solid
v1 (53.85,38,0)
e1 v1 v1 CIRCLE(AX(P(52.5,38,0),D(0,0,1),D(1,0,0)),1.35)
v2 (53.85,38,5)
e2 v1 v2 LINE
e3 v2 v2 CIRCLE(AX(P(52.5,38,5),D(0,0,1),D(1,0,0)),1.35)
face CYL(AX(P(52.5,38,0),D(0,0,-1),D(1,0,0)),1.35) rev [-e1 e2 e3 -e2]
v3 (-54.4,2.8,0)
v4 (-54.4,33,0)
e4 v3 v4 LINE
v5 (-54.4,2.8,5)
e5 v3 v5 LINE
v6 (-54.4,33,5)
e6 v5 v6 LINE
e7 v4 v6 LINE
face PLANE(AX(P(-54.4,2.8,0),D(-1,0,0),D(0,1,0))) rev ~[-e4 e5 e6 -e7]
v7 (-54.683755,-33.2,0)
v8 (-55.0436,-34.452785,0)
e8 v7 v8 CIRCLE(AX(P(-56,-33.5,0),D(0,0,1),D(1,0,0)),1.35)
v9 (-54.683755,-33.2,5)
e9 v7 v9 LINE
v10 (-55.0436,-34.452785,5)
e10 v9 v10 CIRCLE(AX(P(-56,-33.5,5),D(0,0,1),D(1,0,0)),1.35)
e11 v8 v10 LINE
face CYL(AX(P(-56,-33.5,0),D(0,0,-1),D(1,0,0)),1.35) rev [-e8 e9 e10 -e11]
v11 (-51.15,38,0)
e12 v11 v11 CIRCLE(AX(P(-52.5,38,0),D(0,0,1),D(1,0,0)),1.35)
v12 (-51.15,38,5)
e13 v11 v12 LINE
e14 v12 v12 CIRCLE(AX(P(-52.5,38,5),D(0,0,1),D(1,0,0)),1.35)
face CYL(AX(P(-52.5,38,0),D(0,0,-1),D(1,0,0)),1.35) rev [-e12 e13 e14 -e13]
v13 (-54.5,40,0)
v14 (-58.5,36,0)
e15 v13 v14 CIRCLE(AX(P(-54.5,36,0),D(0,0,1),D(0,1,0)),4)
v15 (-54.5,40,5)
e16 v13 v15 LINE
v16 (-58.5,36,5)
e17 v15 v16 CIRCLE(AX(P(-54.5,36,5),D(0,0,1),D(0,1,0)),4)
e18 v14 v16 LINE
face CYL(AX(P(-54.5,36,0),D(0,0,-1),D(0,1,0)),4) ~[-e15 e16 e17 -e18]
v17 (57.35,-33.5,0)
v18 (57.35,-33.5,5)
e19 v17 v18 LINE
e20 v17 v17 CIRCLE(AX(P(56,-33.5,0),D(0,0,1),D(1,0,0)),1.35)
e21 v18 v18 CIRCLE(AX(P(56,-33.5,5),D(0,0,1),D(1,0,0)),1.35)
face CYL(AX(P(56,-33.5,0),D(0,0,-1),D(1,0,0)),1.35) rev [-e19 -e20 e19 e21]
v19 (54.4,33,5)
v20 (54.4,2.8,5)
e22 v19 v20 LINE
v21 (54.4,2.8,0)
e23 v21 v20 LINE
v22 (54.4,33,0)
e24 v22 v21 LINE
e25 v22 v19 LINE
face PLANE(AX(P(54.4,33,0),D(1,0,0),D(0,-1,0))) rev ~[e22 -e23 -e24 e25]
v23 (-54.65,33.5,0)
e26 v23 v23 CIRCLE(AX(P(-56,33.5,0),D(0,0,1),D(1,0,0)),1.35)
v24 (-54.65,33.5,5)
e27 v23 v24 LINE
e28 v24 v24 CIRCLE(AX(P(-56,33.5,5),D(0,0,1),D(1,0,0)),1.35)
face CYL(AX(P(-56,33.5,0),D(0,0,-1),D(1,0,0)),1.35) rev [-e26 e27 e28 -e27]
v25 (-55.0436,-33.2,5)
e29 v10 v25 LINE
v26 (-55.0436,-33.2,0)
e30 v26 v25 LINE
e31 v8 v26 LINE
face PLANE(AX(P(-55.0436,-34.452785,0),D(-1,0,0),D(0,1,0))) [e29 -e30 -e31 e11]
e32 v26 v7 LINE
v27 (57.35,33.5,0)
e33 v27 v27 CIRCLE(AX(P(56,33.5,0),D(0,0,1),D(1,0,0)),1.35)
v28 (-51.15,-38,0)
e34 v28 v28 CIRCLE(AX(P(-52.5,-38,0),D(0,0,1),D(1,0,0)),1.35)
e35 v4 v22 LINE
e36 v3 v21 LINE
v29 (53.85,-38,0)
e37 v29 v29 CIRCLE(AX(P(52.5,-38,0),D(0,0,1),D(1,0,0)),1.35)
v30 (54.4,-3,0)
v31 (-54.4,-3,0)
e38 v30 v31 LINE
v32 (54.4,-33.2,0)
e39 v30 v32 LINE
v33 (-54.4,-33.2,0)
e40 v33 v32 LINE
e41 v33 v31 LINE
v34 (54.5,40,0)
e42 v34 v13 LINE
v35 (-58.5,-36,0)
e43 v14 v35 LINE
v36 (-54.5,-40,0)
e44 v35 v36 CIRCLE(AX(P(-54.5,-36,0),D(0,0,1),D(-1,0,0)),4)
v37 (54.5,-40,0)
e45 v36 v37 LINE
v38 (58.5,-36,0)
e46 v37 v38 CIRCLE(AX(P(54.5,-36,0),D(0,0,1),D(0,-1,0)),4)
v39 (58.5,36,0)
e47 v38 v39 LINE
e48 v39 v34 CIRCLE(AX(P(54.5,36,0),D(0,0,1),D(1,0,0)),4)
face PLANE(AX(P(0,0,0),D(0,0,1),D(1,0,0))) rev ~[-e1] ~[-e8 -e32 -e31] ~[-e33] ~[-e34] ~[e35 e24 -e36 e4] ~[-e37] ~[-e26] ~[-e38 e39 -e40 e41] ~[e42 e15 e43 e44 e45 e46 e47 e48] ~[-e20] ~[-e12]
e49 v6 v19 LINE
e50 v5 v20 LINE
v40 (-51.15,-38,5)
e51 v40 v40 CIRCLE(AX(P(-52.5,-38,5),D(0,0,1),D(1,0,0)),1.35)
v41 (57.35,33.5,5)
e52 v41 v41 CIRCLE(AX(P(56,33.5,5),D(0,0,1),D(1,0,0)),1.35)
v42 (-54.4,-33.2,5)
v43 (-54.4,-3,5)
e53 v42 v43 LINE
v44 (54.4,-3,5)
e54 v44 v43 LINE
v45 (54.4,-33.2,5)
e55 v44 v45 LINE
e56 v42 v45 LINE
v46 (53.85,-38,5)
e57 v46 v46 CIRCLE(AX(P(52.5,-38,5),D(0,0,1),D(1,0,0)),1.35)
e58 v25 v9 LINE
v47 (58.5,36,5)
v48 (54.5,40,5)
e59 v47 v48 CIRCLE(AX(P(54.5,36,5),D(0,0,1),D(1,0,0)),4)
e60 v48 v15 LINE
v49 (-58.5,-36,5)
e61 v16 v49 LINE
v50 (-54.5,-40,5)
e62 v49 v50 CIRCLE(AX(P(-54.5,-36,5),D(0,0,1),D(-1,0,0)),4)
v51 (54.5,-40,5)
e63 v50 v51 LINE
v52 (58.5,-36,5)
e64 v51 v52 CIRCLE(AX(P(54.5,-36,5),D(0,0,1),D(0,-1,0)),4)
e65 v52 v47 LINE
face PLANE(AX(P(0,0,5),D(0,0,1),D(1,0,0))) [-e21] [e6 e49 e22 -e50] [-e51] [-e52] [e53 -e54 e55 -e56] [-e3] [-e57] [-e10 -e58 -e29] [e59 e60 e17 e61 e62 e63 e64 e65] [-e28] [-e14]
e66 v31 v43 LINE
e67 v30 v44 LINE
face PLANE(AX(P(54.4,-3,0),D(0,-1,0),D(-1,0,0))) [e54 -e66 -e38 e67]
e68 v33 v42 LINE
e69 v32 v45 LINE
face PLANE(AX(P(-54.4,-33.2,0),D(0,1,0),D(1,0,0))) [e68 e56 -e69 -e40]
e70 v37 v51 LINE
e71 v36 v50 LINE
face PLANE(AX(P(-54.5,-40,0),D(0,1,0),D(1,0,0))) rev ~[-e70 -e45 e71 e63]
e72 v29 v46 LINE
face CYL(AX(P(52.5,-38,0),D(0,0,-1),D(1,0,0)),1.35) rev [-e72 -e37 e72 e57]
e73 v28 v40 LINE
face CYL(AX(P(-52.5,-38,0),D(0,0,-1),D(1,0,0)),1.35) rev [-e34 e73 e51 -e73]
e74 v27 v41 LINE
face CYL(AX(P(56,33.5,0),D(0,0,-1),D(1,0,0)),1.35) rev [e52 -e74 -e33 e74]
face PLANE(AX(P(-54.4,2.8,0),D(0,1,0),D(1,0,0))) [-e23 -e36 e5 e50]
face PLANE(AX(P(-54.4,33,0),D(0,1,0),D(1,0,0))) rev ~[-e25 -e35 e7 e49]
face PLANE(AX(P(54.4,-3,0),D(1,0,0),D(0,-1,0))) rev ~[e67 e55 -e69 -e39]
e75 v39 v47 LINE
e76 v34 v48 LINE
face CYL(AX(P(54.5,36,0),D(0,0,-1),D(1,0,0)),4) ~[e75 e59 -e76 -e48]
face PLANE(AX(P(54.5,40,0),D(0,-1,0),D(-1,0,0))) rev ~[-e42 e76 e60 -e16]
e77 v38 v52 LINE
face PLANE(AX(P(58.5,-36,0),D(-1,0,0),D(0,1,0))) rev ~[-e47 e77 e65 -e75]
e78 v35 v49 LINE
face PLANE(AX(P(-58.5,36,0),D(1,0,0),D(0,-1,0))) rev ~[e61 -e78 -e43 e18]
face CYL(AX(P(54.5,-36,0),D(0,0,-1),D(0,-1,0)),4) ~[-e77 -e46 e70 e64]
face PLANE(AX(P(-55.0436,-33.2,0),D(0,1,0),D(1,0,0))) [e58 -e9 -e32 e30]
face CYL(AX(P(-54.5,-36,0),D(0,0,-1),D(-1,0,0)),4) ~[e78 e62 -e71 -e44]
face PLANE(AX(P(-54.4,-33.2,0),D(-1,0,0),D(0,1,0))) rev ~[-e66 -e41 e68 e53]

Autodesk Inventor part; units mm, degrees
ref_plane "YZ Plane" through (0, 0, 0) normal (1, 0, 0) x (0, 1, 0)
ref_plane "XZ Plane" through (0, 0, 0) normal (0, 1, 0) x (-1, 0, 0)
ref_plane "Work Plane1" through (0, 0, 0) normal (0, 0, 1) x (1, 0, 0)
sketch "Sketch1" plane through (0, 0, 0) normal (0, 0, 1) x (1, 0, 0)
  circle A0 centre (-56, 33.5) radius 1.35 projected
  circle A1 centre (-52.5, -38) radius 1.35 projected
  circle A2 centre (56, -33.5) radius 1.35 projected
  circle A3 centre (52.5, 38) radius 1.35 projected
  circle A4 centre (56, 33.5) radius 1.35 projected
  circle A5 centre (52.5, -38) radius 1.35 projected
  circle A6 centre (-56, -33.5) radius 1.35 projected
  circle A7 centre (-52.5, 38) radius 1.35 projected
  line L0 (-54.4, 35.9) -> (54.4, 35.9) projected
  line L1 (54.4, 35.9) -> (54.4, -35.9) projected
  line L2 (54.4, -35.9) -> (-54.4, -35.9) projected
  line L3 (-54.4, -35.9) -> (-54.4, 35.9) projected
  arc A8 (-58.5, -36) -> (-54.5, -40) centre (-54.5, -36) ccw projected
  line L4 (-54.5, -40) -> (54.5, -40) projected
  arc A9 (54.5, -40) -> (58.5, -36) centre (54.5, -36) ccw projected
  line L5 (58.5, -36) -> (58.5, 36) projected
  arc A10 (58.5, 36) -> (54.5, 40) centre (54.5, 36) ccw projected
  line L6 (54.5, 40) -> (-54.5, 40) projected
  arc A11 (-54.5, 40) -> (-58.5, 36) centre (-54.5, 36) ccw projected
  line L7 (-58.5, 36) -> (-58.5, -36) projected
  line L8 (36.5917, -33) -> (54.3917, -33) construction
  line L9 (54.3917, -3.2) -> (54.3917, -33) construction
  line L10 (54.3917, -3.2) -> (36.5917, -3.2) construction
  line L11 (36.5917, -33) -> (36.5917, -3.2) construction
  circle A12 centre (45.4917, -9.15) radius 3.375 construction
  circle A13 centre (45.4917, -27.05) radius 3.375 construction
  circle A14 centre (50.9917, -18.1) radius 3 construction
  circle A15 centre (39.9917, -18.1) radius 3 construction
  circle A16 centre (45.4917, -18.1) radius 1.4 construction
  line L12 (36.5917, 3) -> (54.3917, 3) construction
  line L13 (54.3917, 32.8) -> (54.3917, 3) construction
  line L14 (54.3917, 32.8) -> (36.5917, 32.8) construction
  line L15 (36.5917, 3) -> (36.5917, 32.8) construction
  circle A17 centre (45.4917, 26.85) radius 3.375 construction
  circle A18 centre (45.4917, 8.95) radius 3.375 construction
  circle A19 centre (50.9917, 17.9) radius 3 construction
  circle A20 centre (39.9917, 17.9) radius 3 construction
  circle A21 centre (45.4917, 17.9) radius 1.4 construction
  line L16 (54.4, -35.9) -> (-55.0436, -35.9)
  line L17 (-55.0436, -35.9) -> (-55.0436, -33.2)
  line L18 (-55.0436, -33.2) -> (54.4, -33.2)
  line L19 (54.4, -33.2) -> (54.4, -35.9)
  line L20 (54.4, 35.9) -> (-54.4, 35.9)
  line L21 (-54.4, 35.9) -> (-54.4, 33)
  line L22 (-54.4, 33) -> (54.4, 33)
  line L23 (54.4, 33) -> (54.4, 35.9)
  line L24 (54.4, -3) -> (-54.4, -3)
  line L25 (-54.4, -3) -> (-54.4, 2.8)
  line L26 (-54.4, 2.8) -> (54.4, 2.8)
  line L27 (54.4, 2.8) -> (54.4, -3)
  point P0 (0, 0)
  dimension "d0" = 0.2
  dimension "d1" = 0.2
  dimension "d2" = 0.2
  dimension "d3" = 0.2
ref_plane "Work Plane2" through (18.5917, -33, 5) normal (0, 0, 1) x (1, 0, 0)
extrude "Extrusion1" add sketch "Sketch1" along normal up to surface (5 mm away) contours A6 L17 L18 | A6 L18 L3 L16 L17 | L18 L1 L2 L3 | L3 L26 L1 L24 | L3 L0 L1 L22 | L7 A11 L6 A10 L5 A9 L4 A8 picked at (-54.9879, -33.9671)
properties part number "Omniscope_Lid"
